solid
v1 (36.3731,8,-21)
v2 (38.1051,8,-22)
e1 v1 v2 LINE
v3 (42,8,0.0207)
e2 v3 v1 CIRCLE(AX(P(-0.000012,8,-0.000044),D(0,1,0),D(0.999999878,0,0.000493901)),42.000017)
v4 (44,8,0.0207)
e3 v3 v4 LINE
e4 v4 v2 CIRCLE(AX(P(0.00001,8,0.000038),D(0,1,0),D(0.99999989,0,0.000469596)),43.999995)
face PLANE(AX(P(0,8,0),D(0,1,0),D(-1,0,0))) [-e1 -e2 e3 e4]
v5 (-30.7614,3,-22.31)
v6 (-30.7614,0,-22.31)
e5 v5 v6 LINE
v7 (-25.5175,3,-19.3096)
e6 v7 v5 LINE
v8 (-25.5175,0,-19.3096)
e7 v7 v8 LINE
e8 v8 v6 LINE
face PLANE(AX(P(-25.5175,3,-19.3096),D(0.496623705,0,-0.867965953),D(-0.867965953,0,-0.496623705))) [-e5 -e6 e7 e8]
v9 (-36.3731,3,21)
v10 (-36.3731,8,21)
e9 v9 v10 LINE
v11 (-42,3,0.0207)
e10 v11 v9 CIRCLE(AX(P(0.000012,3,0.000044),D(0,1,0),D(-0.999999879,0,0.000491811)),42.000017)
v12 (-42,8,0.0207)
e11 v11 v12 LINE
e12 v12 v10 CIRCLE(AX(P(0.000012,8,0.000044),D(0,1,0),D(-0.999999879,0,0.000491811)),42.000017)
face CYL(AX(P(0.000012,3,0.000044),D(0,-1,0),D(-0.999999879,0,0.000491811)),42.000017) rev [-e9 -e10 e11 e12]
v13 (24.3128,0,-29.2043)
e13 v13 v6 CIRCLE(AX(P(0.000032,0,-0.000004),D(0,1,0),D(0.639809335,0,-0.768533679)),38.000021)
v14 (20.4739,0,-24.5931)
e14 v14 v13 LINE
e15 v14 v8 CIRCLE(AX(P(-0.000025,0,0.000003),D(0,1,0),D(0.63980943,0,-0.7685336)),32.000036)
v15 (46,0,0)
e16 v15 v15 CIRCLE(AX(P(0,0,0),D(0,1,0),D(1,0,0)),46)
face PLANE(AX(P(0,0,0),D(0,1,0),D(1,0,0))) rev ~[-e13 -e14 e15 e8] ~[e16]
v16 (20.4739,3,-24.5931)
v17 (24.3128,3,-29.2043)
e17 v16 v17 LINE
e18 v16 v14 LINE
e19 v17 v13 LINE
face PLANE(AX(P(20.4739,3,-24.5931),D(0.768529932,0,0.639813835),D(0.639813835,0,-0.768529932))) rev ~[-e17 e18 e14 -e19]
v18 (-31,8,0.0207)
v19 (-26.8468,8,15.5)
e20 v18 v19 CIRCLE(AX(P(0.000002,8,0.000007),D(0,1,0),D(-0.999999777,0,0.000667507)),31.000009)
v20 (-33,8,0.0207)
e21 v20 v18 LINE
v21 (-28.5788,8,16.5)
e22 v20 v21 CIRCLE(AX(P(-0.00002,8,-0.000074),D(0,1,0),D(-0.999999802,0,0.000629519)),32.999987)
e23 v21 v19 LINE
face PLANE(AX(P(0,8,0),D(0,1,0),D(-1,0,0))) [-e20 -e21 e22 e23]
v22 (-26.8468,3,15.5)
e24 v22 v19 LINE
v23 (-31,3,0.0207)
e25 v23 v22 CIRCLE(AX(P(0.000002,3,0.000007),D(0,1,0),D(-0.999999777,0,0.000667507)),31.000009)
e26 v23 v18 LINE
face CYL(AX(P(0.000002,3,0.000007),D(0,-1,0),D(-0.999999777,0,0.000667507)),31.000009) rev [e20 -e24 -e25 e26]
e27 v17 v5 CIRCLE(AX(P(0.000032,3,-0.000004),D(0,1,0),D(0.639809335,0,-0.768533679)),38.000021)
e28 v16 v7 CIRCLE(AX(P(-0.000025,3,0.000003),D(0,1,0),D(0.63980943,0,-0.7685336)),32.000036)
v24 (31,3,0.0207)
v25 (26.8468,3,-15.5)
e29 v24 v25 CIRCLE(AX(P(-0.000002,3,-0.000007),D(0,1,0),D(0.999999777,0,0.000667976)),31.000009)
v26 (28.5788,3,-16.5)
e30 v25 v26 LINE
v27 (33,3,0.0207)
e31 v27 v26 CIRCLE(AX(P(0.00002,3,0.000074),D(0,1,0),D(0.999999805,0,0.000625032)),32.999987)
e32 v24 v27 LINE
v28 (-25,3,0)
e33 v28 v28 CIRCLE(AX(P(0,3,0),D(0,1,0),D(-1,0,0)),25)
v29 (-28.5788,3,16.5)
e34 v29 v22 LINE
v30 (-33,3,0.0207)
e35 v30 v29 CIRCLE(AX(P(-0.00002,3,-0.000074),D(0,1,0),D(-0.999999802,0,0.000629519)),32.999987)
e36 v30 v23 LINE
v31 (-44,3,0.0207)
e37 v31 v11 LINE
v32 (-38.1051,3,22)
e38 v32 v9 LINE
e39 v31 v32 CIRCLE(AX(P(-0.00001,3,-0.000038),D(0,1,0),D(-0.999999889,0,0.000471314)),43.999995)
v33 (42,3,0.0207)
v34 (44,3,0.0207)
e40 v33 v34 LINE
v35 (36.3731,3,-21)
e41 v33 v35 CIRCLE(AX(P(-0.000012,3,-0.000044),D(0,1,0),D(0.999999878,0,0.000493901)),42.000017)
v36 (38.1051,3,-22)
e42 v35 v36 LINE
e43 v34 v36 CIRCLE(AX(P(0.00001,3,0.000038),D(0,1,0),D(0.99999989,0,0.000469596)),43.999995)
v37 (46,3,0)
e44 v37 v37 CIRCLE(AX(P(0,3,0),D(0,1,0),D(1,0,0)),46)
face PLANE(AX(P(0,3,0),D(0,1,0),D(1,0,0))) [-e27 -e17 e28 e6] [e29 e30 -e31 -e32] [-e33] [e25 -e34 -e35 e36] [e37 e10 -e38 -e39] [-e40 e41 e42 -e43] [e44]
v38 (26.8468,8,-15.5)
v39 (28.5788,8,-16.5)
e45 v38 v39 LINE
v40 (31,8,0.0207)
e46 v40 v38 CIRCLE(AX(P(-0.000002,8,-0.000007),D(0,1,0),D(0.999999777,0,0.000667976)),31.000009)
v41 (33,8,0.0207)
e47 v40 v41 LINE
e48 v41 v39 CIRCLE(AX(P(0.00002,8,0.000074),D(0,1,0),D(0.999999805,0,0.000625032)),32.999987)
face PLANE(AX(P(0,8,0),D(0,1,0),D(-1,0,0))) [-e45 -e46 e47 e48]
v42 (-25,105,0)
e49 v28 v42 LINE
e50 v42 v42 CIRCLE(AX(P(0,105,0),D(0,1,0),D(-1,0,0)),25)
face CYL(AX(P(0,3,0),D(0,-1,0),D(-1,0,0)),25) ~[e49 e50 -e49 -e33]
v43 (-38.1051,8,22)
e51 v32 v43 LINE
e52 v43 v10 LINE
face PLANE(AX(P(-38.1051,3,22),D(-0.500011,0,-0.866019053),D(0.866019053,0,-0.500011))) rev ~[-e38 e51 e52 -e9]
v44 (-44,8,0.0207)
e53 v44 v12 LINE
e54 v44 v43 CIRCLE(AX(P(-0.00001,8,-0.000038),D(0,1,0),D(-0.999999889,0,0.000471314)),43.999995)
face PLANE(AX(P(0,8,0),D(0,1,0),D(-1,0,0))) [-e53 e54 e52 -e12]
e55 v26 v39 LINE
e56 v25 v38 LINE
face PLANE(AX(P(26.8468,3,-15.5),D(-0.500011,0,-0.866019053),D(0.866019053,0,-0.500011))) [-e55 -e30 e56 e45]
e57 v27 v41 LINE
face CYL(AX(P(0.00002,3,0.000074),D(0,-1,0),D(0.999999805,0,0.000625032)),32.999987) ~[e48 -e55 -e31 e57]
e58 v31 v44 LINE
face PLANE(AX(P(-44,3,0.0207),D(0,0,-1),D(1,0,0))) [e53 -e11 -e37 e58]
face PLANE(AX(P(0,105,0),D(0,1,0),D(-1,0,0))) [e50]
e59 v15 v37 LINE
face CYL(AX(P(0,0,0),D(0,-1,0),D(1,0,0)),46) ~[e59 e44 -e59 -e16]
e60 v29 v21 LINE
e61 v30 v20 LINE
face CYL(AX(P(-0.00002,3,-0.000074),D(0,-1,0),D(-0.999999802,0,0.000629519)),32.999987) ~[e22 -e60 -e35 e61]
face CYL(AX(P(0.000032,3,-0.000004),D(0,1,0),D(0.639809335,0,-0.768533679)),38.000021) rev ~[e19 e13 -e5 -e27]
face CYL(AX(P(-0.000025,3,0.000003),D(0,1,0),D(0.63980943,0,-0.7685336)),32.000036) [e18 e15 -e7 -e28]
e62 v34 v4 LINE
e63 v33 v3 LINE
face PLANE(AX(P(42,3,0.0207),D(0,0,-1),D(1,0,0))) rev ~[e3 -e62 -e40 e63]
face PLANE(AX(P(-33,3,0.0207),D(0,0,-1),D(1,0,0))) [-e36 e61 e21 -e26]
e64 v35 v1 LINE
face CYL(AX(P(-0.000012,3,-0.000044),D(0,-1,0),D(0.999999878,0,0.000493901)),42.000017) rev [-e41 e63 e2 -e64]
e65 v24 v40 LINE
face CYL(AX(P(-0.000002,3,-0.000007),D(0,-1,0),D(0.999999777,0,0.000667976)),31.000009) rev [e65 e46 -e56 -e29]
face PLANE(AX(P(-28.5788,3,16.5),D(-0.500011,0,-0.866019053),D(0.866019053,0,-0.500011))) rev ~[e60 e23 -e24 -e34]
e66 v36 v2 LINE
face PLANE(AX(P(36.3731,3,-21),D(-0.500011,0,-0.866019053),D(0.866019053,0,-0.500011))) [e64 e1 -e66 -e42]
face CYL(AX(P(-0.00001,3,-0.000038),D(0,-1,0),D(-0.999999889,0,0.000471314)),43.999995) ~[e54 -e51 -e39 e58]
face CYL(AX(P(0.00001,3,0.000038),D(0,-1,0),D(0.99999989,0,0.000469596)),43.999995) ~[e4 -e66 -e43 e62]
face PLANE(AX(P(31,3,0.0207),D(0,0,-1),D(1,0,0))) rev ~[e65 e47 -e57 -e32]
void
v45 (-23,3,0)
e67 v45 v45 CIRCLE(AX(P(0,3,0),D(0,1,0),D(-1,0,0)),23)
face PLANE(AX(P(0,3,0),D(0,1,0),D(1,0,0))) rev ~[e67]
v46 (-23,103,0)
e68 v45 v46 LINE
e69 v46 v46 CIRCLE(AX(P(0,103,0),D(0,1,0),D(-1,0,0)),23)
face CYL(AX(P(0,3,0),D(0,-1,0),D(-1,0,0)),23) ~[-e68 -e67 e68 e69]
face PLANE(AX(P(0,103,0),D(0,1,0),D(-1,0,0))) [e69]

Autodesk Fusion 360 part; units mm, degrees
sketch "Sketch1" plane through (0, 0, 0) normal (0, 1, 0) x (1, 0, 0)
  circle A0 centre (0, 0) radius 46
  dimension "d1" = 92
extrude "Extrude1" add sketch "Sketch1" along normal blind 3
sketch "Sketch2" plane through (0, 3, 0) normal (0, 1, 0) x (-1, 0, 0)
  circle A0 centre (0, 0) radius 46
  arc A1 (44, 0.0207) -> (38.1051, 22) centre (0, 0) ccw
  arc A2 (-44, 0.0207) -> (-38.1051, -22) centre (0, 0) ccw
  arc A3 (42, 0.0207) -> (36.3731, 21) centre (0, 0) ccw
  arc A4 (-42, 0.0207) -> (-36.3731, -21) centre (0, 0) ccw
  arc A5 (33, 0.0207) -> (28.5788, 16.5) centre (0, 0) ccw
  arc A6 (-33, 0.0207) -> (-28.5788, -16.5) centre (0, 0) ccw
  arc A7 (31, 0.0207) -> (26.8468, 15.5) centre (0, 0) ccw
  arc A8 (-31, 0.0207) -> (-26.8468, -15.5) centre (0, 0) ccw
  line L0 (-26.8468, -15.5) -> (-28.5788, -16.5)
  line L1 (-36.3731, -21) -> (-38.1051, -22)
  line L2 (-31, 0.0207) -> (-33, 0.0207)
  line L3 (-42, 0.0207) -> (-44, 0.0207)
  line L4 (0.0359, 0.0207) -> (0, 0)
  line L5 (44, 0.0207) -> (42, 0.0207)
  line L6 (33, 0.0207) -> (31, 0.0207)
  line L7 (38.1051, 22) -> (36.3731, 21)
  line L8 (28.5788, 16.5) -> (26.8468, 15.5)
  dimension "d8" = 30
  dimension "d9" = 30
  dimension "d23" = 42
  dimension "d24" = 44
  dimension "d25" = 42
  dimension "d26" = 33
  dimension "d27" = 31
  dimension "d28" = 31
  dimension "d29" = 33
extrude "Extrude2" add sketch "Sketch2" along normal blind 5 contours A1 A3 L5 L7 | A2 A4 L1 L3 | A5 A7 L6 L8 | A6 A8 L0 L2
sketch "Sketch3" plane through (0, 3, 0) normal (0, 1, 0) x (-1, 0, 0)
  line L0 (44, 0.0207) -> (42, 0.0207)
  arc A0 (42, 0.0207) -> (36.3731, 21) centre (0, 0) ccw
  line L1 (36.3731, 21) -> (38.1051, 22)
  arc A1 (44, 0.0207) -> (38.1051, 22) centre (0, 0) ccw
  line L2 (-36.3731, -21) -> (-38.1051, -22)
  arc A2 (-44, 0.0207) -> (-38.1051, -22) centre (0, 0) ccw
  line L3 (-44, 0.0207) -> (-42, 0.0207)
  arc A3 (-42, 0.0207) -> (-36.3731, -21) centre (0, 0) ccw
  line L4 (33, 0.0207) -> (31, 0.0207)
  arc A4 (31, 0.0207) -> (26.8468, 15.5) centre (0, 0) ccw
  line L5 (26.8468, 15.5) -> (28.5788, 16.5)
  arc A5 (33, 0.0207) -> (28.5788, 16.5) centre (0, 0) ccw
  line L6 (-26.8468, -15.5) -> (-28.5788, -16.5)
  arc A6 (-33, 0.0207) -> (-28.5788, -16.5) centre (0, 0) ccw
  line L7 (-33, 0.0207) -> (-31, 0.0207)
  arc A7 (-31, 0.0207) -> (-26.8468, -15.5) centre (0, 0) ccw
  circle A8 centre (0, 0) radius 46
  line L8 (-20.4739, -24.5931) -> (-24.3128, -29.2043)
  line L9 (25.5175, -19.3096) -> (30.7614, -22.31)
  arc A9 (-24.3128, -29.2043) -> (30.7614, -22.31) centre (0, 0) ccw
  arc A10 (-20.4739, -24.5931) -> (25.5175, -19.3096) centre (0, 0) ccw
  arc A11 (28, 0.0207) -> (24.2487, 14) centre (0, 0) ccw
  arc A12 (-28, 0.0207) -> (-24.2487, -14) centre (0, 0) ccw
  dimension "d14" = 100
  dimension "d21" = 32
  dimension "d22" = 38
extrude "Extrude3" cut sketch "Sketch3" against normal blind 3 contours L8 L9 A9 A10
sketch "Sketch4" plane through (0, 3, 0) normal (0, 1, 0) x (-1, 0, 0)
  line L0 (25.5175, -19.3096) -> (30.7614, -22.31)
  arc A0 (-24.3128, -29.2043) -> (30.7614, -22.31) centre (0, 0) ccw
  line L1 (-24.3128, -29.2043) -> (-20.4739, -24.5931)
  arc A1 (-20.4739, -24.5931) -> (25.5175, -19.3096) centre (0, 0) ccw
  line L2 (44, 0.0207) -> (42, 0.0207)
  arc A2 (42, 0.0207) -> (36.3731, 21) centre (0, 0) ccw
  line L3 (36.3731, 21) -> (38.1051, 22)
  arc A3 (44, 0.0207) -> (38.1051, 22) centre (0, 0) ccw
  line L4 (-36.3731, -21) -> (-38.1051, -22)
  arc A4 (-44, 0.0207) -> (-38.1051, -22) centre (0, 0) ccw
  line L5 (-44, 0.0207) -> (-42, 0.0207)
  arc A5 (-42, 0.0207) -> (-36.3731, -21) centre (0, 0) ccw
  line L6 (33, 0.0207) -> (31, 0.0207)
  arc A6 (31, 0.0207) -> (26.8468, 15.5) centre (0, 0) ccw
  line L7 (26.8468, 15.5) -> (28.5788, 16.5)
  arc A7 (33, 0.0207) -> (28.5788, 16.5) centre (0, 0) ccw
  line L8 (-26.8468, -15.5) -> (-28.5788, -16.5)
  arc A8 (-33, 0.0207) -> (-28.5788, -16.5) centre (0, 0) ccw
  line L9 (-33, 0.0207) -> (-31, 0.0207)
  arc A9 (-31, 0.0207) -> (-26.8468, -15.5) centre (0, 0) ccw
  circle A10 centre (0, 0) radius 46
  circle A11 centre (0, 0) radius 25
  circle A12 centre (0, 0) radius 23
  dimension "d17" = 50
  dimension "d18" = 46
extrude "Extrude4" add sketch "Sketch4" along normal blind 102 contours A11
sketch "Sketch5" plane through (0, 105, 0) normal (0, 1, 0) x (-1, 0, 0)
  circle A0 centre (0, 0) radius 23
  circle A1 centre (0, 0) radius 25
  circle A2 centre (0, 0) radius 23
extrude "Extrude5" add sketch "Sketch5" against normal blind 2 contours A0 A2
